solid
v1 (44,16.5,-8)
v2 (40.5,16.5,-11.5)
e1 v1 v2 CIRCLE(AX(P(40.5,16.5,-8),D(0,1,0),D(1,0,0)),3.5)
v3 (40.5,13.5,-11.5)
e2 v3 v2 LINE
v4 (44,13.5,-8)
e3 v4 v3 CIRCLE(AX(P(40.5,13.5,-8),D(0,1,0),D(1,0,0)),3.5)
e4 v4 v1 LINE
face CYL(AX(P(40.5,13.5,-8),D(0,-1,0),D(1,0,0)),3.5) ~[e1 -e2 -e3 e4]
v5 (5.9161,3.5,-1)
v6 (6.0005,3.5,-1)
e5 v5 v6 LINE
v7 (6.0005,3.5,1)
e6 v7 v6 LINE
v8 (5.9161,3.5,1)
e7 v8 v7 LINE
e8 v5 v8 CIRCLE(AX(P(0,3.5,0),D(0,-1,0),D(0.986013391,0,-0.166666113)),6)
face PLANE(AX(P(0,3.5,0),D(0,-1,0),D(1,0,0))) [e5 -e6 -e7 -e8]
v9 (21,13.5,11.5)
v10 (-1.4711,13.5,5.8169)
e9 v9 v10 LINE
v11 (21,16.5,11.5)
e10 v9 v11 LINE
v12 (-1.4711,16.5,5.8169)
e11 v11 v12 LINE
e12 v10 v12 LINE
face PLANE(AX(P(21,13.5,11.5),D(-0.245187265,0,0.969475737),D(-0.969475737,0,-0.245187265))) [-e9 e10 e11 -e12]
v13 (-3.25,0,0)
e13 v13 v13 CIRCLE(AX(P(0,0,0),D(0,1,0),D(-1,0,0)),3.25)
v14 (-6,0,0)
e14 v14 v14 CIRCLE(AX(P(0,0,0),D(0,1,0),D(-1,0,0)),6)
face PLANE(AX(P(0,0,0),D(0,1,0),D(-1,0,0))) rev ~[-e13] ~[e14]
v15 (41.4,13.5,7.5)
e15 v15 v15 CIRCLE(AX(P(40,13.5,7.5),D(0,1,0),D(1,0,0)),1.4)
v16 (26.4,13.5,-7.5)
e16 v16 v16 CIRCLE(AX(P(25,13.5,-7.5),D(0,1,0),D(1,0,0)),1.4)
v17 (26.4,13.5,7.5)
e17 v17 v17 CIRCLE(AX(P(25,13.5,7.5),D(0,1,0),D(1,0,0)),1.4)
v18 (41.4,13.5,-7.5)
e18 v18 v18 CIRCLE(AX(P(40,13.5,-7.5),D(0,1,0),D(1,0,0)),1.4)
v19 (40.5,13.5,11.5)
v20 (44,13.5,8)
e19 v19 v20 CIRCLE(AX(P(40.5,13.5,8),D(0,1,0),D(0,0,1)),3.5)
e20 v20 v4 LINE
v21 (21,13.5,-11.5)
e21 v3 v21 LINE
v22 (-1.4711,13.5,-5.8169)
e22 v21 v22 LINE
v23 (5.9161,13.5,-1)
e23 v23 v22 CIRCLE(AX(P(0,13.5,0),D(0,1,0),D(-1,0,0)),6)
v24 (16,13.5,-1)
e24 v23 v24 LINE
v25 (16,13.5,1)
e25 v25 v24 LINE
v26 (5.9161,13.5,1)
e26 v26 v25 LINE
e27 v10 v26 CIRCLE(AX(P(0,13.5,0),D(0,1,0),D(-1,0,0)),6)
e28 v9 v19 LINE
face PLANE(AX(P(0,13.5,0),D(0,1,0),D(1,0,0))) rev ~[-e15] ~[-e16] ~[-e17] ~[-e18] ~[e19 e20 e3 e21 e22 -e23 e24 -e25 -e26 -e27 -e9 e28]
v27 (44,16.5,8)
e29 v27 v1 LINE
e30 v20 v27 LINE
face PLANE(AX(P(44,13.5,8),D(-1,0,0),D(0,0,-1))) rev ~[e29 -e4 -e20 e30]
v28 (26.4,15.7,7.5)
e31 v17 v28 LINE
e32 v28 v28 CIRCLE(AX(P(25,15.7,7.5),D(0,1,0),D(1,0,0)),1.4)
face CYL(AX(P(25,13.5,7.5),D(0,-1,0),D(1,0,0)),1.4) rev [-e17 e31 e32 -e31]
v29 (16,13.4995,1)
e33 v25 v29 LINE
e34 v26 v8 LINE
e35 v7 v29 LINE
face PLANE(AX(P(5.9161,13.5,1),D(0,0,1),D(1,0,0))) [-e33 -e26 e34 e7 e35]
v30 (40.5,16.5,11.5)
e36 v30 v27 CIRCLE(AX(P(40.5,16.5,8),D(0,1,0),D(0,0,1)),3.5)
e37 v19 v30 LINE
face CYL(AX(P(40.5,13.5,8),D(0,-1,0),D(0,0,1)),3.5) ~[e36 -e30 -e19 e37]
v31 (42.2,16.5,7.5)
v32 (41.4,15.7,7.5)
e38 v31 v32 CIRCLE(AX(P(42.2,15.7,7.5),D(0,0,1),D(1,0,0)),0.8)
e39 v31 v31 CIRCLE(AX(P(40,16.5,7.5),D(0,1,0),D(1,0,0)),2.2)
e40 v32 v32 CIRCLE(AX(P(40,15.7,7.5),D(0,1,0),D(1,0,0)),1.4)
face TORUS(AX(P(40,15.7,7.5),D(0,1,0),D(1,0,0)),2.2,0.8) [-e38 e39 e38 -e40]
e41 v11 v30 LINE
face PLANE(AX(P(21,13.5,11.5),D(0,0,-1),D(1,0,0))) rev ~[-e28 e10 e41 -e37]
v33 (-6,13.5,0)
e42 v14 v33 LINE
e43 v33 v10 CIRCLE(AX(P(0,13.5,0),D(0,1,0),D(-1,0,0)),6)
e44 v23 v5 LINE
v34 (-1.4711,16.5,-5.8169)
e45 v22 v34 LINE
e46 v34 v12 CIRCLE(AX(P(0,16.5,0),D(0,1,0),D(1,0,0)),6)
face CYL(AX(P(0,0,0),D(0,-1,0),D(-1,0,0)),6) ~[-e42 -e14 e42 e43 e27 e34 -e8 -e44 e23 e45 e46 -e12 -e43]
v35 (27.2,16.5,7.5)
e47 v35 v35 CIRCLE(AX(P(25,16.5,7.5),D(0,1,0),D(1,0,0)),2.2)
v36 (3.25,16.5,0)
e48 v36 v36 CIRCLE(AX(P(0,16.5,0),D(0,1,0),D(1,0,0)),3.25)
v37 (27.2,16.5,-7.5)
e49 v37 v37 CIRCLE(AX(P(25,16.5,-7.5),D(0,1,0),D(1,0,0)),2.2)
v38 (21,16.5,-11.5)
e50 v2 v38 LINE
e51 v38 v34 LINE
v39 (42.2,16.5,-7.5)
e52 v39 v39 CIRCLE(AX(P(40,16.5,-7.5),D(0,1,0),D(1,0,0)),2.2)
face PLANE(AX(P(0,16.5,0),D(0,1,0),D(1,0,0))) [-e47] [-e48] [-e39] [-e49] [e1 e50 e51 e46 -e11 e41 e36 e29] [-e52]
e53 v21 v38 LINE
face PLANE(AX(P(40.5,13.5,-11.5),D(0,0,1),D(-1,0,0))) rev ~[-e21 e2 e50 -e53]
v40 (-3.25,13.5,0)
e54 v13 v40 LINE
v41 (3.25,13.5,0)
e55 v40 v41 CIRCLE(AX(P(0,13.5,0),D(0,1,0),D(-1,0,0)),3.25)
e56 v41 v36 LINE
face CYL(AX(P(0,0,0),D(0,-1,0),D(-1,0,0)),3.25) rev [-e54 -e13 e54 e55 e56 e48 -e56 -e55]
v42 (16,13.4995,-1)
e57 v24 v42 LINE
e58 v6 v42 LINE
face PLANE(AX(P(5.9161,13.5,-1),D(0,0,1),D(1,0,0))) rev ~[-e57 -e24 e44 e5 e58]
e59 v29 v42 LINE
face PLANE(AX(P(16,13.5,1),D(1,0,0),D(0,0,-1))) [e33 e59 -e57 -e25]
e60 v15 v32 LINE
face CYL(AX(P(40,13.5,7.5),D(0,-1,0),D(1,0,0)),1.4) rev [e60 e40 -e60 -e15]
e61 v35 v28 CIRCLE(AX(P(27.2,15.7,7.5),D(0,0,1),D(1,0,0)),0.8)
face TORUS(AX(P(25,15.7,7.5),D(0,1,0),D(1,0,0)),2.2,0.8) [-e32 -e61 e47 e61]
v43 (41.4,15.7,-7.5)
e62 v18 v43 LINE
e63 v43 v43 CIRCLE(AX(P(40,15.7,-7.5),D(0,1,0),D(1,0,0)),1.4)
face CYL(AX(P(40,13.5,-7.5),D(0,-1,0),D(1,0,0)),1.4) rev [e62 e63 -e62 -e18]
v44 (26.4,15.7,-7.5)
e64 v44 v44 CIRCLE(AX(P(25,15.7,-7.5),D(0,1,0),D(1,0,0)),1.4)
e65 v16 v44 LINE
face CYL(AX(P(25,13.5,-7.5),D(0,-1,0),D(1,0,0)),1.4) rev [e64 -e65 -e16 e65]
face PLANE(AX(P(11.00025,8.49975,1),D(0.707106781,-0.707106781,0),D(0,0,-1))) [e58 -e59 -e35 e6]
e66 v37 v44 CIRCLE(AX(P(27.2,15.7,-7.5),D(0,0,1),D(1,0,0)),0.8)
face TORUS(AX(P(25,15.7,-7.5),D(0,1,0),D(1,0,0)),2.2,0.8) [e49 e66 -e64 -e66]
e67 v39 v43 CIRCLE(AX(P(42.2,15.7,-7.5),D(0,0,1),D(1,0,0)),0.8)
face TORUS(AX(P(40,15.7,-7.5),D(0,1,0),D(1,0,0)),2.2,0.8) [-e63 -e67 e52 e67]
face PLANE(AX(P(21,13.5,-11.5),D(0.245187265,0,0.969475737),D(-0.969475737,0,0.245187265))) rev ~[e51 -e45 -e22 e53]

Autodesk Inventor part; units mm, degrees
ref_plane "YZ Plane" through (0, 0, 0) normal (1, 0, 0) x (0, 1, 0)
ref_plane "XZ Plane" through (0, 0, 0) normal (0, 1, 0) x (-1, 0, 0)
ref_plane "XY Plane" through (0, 0, 0) normal (0, 0, 1) x (1, 0, 0)
sketch "Sketch1" plane through (0, 0, 0) normal (0, 1, 0) x (-1, 0, 0)
  circle A0 centre (0, 0) radius 3.25
  circle A1 centre (0, 0) radius 6
  dimension "d0" = 6.5
  dimension "d1" = 12
extrude "Extrusion1" add sketch "Sketch1" along normal blind 13.5
sketch "Sketch2" plane through (0, 13.5, 0) normal (0, 1, 0) x (1, 0, 0)
  line L0 (0, 0) -> (25, 0) construction
  line L1 (25, 7.5) -> (40, 7.5) construction
  line L2 (40, 7.5) -> (40, -7.5) construction
  line L3 (40, -7.5) -> (25, -7.5) construction
  line L4 (25, -7.5) -> (25, 7.5) construction
  circle A0 centre (25, 7.5) radius 1.4
  circle A1 centre (40, 7.5) radius 1.4
  circle A2 centre (40, -7.5) radius 1.4
  circle A3 centre (25, -7.5) radius 1.4
  circle A4 centre (0, 0) radius 6.3 construction
  line L5 (40.5, 11.5) -> (21, 11.5)
  line L6 (21, -11.5) -> (40.5, -11.5)
  line L7 (44, -8) -> (44, 8)
  line L8 (21, 11.5) -> (-1.4711, 5.8169)
  line L9 (21, -11.5) -> (-1.4711, -5.8169)
  circle A5 centre (0, 0) radius 6 projected
  circle A6 centre (0, 0) radius 3.25 projected
  arc A7 (44, 8) -> (40.5, 11.5) centre (40.5, 8) ccw
  arc A8 (40.5, -11.5) -> (44, -8) centre (40.5, -8) ccw
  dimension "d4" = 25
  dimension "d5" = 15
  dimension "d6" = 15
  dimension "d7" = 7.5
  dimension "d8" = 2.8
  dimension "d9" = 2.8
  dimension "d10" = 2.8
  dimension "d11" = 2.8
  dimension "d12" = 12.6
  dimension "d13" = 4
  dimension "d14" = 3.5
extrude "Extrusion2" add sketch "Sketch2" along normal blind 3
fillet "Fillet1" radius 0.8 4 edges at (23.6, 16.5, 7.5) (23.6, 16.5, -7.5) (38.6, 16.5, -7.5) (38.6, 16.5, 7.5)
sketch "Sketch3" plane through (0, 13.5, 0) normal (0, -1, 0) x (1, 0, 0)
  circle A0 centre (0, 0) radius 6 projected
  line L0 (5.9161, 1) -> (16, 1)
  line L1 (5.9161, -1) -> (16, -1)
  line L2 (16, 1) -> (16, -1)
  dimension "d18" = 1
  dimension "d19" = 1
  dimension "d20" = 10
extrude "Extrusion3" add sketch "Sketch3" along normal blind 10 contours A0 L0 L2 L1
chamfer "Chamfer1" distance 10 angle 45 1 edges at (16, 3.5, 0)
equation "\"d7\" = 0.5 * d6"
equation "\"d9\" = d8"
equation "\"d10\" = d8"
equation "\"d11\" = d8"
properties part number "WM 720p USB Webcam Endefector Mount"
